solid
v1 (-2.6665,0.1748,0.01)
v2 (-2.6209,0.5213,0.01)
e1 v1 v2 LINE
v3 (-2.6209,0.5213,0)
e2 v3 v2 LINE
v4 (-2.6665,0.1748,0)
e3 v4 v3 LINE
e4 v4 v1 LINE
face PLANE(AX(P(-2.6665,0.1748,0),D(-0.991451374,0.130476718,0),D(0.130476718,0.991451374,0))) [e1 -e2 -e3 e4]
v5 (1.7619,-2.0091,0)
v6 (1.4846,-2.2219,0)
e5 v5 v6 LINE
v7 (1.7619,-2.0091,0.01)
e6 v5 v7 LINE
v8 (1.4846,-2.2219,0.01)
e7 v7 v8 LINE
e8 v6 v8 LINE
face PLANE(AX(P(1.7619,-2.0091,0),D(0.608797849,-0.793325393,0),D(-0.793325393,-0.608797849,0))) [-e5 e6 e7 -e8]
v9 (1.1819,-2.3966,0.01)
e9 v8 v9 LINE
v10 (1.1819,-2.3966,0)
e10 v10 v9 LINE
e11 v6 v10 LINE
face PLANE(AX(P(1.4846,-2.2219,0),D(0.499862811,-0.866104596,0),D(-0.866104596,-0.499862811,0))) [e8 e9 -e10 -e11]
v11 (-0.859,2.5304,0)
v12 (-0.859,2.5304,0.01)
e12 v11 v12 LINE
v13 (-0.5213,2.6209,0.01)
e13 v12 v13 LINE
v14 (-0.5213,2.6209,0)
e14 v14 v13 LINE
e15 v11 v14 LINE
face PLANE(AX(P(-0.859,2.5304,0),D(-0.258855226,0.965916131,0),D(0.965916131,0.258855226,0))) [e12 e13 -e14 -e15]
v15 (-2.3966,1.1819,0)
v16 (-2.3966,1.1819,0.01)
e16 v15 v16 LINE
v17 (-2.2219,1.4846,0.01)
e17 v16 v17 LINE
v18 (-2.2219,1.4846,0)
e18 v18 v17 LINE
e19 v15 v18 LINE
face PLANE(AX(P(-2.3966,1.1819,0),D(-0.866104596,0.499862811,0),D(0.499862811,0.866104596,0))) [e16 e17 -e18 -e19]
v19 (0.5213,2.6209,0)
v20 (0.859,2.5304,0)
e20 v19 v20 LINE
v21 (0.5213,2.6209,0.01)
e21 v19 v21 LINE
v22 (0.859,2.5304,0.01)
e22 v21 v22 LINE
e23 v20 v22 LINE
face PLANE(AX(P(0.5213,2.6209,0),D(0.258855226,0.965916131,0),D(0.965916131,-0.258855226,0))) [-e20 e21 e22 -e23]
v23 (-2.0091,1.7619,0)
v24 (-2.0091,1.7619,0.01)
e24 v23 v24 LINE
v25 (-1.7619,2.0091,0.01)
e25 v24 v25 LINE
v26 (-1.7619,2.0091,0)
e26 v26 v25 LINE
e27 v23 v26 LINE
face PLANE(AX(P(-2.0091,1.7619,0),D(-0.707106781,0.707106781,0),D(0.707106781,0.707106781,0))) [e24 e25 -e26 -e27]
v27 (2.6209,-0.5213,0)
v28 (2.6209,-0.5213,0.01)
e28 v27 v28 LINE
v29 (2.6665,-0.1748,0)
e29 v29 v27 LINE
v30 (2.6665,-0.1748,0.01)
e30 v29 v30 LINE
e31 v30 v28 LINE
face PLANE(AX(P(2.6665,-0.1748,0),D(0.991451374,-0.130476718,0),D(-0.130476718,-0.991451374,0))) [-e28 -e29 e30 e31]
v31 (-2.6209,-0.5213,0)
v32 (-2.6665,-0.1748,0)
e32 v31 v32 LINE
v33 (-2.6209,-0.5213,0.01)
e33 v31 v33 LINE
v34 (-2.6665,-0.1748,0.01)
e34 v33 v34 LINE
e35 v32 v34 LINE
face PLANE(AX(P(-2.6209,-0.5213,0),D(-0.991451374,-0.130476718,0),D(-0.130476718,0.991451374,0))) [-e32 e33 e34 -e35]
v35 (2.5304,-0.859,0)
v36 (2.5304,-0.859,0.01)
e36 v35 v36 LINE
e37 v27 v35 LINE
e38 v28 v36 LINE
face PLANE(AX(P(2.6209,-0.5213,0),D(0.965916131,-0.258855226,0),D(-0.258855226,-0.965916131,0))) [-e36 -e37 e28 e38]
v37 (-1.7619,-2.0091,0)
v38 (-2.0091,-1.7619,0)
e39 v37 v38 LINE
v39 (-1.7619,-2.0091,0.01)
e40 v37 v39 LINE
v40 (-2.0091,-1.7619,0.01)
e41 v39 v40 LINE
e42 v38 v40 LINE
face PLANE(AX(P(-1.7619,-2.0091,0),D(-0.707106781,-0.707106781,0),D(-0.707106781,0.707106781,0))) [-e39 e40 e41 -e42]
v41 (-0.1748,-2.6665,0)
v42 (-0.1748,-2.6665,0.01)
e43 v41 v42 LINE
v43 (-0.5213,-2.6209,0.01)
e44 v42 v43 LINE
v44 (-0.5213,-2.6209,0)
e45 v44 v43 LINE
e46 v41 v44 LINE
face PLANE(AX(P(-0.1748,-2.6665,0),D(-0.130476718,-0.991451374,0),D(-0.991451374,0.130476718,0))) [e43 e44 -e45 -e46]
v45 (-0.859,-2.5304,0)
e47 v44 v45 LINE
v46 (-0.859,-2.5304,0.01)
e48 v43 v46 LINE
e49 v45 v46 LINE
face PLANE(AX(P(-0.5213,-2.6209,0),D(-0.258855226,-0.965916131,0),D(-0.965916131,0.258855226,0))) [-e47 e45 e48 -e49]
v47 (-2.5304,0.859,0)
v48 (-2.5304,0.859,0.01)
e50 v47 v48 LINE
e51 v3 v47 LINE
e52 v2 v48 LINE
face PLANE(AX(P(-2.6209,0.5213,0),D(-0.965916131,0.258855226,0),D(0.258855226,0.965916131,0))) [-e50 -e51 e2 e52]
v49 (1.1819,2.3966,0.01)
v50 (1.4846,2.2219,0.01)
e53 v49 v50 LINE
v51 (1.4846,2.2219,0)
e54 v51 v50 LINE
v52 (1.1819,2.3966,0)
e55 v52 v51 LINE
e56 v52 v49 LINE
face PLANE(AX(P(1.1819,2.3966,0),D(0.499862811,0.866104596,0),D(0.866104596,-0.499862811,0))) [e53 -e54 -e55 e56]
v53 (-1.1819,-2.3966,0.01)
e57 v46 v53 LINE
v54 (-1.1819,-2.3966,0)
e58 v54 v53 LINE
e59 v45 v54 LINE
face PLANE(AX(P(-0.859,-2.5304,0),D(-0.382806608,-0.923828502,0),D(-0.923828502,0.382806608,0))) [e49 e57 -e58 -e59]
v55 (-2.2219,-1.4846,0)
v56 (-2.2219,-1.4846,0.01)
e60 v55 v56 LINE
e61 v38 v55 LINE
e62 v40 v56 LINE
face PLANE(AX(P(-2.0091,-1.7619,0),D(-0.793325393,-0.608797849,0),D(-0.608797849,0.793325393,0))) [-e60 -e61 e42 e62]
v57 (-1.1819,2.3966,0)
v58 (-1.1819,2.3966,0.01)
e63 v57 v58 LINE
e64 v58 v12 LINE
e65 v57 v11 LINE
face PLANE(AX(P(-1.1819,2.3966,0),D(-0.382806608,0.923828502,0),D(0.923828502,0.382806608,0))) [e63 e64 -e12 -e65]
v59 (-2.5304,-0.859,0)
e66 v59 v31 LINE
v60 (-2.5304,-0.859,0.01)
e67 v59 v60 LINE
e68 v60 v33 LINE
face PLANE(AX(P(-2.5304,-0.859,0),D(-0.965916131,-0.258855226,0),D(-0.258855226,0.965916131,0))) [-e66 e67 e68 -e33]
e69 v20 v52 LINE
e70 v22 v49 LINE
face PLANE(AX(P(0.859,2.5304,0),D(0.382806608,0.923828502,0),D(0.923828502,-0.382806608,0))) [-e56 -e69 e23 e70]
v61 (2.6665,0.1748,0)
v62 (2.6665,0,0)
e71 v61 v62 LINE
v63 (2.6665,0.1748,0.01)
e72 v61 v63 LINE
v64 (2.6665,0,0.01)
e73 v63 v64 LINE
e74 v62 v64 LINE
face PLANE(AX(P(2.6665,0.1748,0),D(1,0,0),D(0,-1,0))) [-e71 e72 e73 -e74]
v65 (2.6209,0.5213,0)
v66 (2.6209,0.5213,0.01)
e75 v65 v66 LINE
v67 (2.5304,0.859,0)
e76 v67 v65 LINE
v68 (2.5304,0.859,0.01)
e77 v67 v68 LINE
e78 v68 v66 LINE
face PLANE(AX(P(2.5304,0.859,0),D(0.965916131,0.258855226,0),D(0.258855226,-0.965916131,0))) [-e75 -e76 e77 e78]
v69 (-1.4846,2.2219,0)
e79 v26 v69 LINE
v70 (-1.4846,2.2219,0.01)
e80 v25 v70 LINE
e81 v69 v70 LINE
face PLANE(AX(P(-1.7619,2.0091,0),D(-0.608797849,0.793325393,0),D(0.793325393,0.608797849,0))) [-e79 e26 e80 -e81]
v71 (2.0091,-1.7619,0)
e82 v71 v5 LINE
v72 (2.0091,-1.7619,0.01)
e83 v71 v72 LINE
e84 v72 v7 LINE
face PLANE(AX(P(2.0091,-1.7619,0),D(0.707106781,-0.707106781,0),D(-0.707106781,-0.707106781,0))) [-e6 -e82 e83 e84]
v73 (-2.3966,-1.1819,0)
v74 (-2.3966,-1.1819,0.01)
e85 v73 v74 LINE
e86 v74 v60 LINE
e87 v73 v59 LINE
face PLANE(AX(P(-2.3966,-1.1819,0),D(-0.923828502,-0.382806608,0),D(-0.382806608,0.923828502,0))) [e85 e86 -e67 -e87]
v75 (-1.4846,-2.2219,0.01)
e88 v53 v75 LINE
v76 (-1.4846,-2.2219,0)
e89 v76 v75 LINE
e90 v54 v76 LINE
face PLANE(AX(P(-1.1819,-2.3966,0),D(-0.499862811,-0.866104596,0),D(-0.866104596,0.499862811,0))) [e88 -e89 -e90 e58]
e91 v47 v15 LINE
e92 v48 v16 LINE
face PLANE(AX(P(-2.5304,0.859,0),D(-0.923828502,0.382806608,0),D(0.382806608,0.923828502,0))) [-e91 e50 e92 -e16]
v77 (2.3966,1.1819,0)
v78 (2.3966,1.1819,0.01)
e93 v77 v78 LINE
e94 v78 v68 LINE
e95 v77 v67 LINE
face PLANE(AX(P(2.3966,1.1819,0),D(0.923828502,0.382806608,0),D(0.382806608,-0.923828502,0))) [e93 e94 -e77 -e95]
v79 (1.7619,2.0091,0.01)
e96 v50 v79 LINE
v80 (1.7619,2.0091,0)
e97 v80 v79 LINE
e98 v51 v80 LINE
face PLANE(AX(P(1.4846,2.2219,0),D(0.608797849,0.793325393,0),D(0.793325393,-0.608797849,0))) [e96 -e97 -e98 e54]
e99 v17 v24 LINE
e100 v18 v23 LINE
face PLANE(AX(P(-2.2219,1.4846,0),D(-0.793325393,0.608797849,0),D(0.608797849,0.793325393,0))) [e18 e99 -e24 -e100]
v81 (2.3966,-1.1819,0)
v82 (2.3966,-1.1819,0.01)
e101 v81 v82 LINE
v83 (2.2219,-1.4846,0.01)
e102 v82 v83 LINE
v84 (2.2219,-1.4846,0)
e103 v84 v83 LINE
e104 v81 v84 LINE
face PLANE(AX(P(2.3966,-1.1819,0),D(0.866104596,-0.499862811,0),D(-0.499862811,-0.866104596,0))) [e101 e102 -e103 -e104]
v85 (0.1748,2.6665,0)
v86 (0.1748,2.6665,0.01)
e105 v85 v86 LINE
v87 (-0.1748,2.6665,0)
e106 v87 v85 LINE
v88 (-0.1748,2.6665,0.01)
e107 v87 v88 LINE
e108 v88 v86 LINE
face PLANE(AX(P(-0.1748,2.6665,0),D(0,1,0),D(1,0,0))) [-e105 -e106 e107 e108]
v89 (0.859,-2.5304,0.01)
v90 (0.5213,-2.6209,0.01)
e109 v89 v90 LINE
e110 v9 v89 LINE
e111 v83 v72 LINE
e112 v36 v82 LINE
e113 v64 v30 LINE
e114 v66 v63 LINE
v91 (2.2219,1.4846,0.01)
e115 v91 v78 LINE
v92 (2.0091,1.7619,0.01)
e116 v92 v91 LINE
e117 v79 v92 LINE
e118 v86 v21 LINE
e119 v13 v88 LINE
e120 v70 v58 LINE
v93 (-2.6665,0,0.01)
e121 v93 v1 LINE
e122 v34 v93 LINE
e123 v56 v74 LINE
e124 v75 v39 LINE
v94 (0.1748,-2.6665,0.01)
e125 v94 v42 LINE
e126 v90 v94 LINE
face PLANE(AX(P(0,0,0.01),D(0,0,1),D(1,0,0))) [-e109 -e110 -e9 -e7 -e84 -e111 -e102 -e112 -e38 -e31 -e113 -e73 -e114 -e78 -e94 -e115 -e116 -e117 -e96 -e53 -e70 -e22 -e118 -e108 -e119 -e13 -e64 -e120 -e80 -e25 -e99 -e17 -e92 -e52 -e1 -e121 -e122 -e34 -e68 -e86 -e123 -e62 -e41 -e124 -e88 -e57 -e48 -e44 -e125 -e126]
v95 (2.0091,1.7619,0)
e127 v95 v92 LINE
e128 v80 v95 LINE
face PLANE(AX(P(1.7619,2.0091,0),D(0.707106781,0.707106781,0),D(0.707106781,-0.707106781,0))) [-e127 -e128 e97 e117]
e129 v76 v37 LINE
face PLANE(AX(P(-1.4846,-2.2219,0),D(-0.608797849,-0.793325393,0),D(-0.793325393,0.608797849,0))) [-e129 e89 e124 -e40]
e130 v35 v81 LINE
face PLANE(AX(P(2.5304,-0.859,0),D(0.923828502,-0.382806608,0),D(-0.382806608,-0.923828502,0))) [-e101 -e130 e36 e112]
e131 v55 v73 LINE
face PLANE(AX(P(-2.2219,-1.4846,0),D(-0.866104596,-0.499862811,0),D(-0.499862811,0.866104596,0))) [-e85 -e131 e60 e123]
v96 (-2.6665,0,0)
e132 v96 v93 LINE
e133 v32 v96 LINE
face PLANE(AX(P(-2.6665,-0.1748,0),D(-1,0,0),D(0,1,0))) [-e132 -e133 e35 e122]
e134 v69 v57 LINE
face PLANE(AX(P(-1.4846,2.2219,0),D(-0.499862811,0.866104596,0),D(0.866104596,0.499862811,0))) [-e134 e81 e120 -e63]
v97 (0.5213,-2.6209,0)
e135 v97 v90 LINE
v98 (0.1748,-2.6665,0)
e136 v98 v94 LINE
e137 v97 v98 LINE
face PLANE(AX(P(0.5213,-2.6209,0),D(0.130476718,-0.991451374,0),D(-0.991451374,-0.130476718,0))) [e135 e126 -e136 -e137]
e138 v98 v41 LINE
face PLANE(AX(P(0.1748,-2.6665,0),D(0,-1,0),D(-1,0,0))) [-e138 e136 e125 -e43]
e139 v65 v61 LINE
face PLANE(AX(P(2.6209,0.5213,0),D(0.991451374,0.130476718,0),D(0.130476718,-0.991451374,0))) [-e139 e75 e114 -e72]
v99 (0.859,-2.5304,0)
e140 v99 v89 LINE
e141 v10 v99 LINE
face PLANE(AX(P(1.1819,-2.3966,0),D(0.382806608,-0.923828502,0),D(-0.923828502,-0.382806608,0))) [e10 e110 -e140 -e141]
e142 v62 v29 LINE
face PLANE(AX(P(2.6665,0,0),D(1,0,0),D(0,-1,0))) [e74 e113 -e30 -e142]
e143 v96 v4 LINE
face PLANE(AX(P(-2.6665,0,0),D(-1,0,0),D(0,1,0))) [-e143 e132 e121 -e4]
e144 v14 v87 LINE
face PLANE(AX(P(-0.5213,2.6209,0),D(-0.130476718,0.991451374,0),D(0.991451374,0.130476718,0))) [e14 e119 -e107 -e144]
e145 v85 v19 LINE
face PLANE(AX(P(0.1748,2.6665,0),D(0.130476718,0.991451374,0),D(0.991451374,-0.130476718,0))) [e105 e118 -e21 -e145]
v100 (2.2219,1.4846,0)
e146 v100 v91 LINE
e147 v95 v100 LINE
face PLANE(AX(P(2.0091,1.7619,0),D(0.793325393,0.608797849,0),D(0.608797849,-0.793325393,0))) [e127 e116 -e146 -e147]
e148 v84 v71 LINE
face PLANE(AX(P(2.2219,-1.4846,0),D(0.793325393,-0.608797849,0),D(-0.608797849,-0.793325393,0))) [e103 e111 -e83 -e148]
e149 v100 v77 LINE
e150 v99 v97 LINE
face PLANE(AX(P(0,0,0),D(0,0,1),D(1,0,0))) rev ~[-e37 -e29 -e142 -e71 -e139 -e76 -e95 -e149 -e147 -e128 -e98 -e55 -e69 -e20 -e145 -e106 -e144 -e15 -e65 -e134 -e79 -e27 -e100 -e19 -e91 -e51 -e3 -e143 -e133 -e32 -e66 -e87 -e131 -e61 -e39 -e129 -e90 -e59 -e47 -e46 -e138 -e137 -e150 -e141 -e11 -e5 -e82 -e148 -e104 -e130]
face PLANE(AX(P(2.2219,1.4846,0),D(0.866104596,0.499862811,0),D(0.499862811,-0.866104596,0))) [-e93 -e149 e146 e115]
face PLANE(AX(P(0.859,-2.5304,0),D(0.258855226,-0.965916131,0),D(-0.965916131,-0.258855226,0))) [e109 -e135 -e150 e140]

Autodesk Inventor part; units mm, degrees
ref_plane "YZ Plane" through (0, 0, 0) normal (1, 0, 0) x (0, 1, 0)
ref_plane "XZ Plane" through (0, 0, 0) normal (0, 1, 0) x (-1, 0, 0)
ref_plane "XY Plane" through (0, 0, 0) normal (0, 0, 1) x (1, 0, 0)
sketch "Wave_hole_3x7-singleSided, Hole_352" plane through (0, 0, 0) normal (0, 0, 1) x (1, 0, 0)
  line L0 (0.5213, 2.6209) -> (0.859, 2.5304)
  line L1 (0.859, 2.5304) -> (1.1819, 2.3966)
  line L2 (1.1819, 2.3966) -> (1.4846, 2.2219)
  line L3 (1.4846, 2.2219) -> (1.7619, 2.0091)
  line L4 (1.7619, 2.0091) -> (2.0091, 1.7619)
  line L5 (2.0091, 1.7619) -> (2.2219, 1.4846)
  line L6 (2.2219, 1.4846) -> (2.3966, 1.1819)
  line L7 (2.3966, 1.1819) -> (2.5304, 0.859)
  line L8 (2.5304, 0.859) -> (2.6209, 0.5213)
  line L9 (2.6209, 0.5213) -> (2.6665, 0.1748)
  line L10 (2.6665, 0.1748) -> (2.6665, 0)
  line L11 (2.6665, 0) -> (2.6665, -0.1748)
  line L12 (2.6665, -0.1748) -> (2.6209, -0.5213)
  line L13 (2.6209, -0.5213) -> (2.5304, -0.859)
  line L14 (2.5304, -0.859) -> (2.3966, -1.1819)
  line L15 (2.3966, -1.1819) -> (2.2219, -1.4846)
  line L16 (2.2219, -1.4846) -> (2.0091, -1.7619)
  line L17 (2.0091, -1.7619) -> (1.7619, -2.0091)
  line L18 (1.7619, -2.0091) -> (1.4846, -2.2219)
  line L19 (1.4846, -2.2219) -> (1.1819, -2.3966)
  line L20 (1.1819, -2.3966) -> (0.859, -2.5304)
  line L21 (0.859, -2.5304) -> (0.5213, -2.6209)
  line L22 (0.5213, -2.6209) -> (0.1748, -2.6665)
  line L23 (0.1748, -2.6665) -> (-0.1748, -2.6665)
  line L24 (-0.1748, -2.6665) -> (-0.5213, -2.6209)
  line L25 (-0.5213, -2.6209) -> (-0.859, -2.5304)
  line L26 (-0.859, -2.5304) -> (-1.1819, -2.3966)
  line L27 (-1.1819, -2.3966) -> (-1.4846, -2.2219)
  line L28 (-1.4846, -2.2219) -> (-1.7619, -2.0091)
  line L29 (-1.7619, -2.0091) -> (-2.0091, -1.7619)
  line L30 (-2.0091, -1.7619) -> (-2.2219, -1.4846)
  line L31 (-2.2219, -1.4846) -> (-2.3966, -1.1819)
  line L32 (-2.3966, -1.1819) -> (-2.5304, -0.859)
  line L33 (-2.5304, -0.859) -> (-2.6209, -0.5213)
  line L34 (-2.6209, -0.5213) -> (-2.6665, -0.1748)
  line L35 (-2.6665, -0.1748) -> (-2.6665, 0)
  line L36 (-2.6665, 0) -> (-2.6665, 0.1748)
  line L37 (-2.6665, 0.1748) -> (-2.6209, 0.5213)
  line L38 (-2.6209, 0.5213) -> (-2.5304, 0.859)
  line L39 (-2.5304, 0.859) -> (-2.3966, 1.1819)
  line L40 (-2.3966, 1.1819) -> (-2.2219, 1.4846)
  line L41 (-2.2219, 1.4846) -> (-2.0091, 1.7619)
  line L42 (-2.0091, 1.7619) -> (-1.7619, 2.0091)
  line L43 (-1.7619, 2.0091) -> (-1.4846, 2.2219)
  line L44 (-1.4846, 2.2219) -> (-1.1819, 2.3966)
  line L45 (-1.1819, 2.3966) -> (-0.859, 2.5304)
  line L46 (-0.859, 2.5304) -> (-0.5213, 2.6209)
  line L47 (-0.5213, 2.6209) -> (-0.1748, 2.6665)
  line L48 (-0.1748, 2.6665) -> (0.1748, 2.6665)
  line L49 (0.1748, 2.6665) -> (0.5213, 2.6209)
extrude "Extrusion1" add sketch "Wave_hole_3x7-singleSided, Hole_352" along normal blind 0.01
properties part number "Hole"
